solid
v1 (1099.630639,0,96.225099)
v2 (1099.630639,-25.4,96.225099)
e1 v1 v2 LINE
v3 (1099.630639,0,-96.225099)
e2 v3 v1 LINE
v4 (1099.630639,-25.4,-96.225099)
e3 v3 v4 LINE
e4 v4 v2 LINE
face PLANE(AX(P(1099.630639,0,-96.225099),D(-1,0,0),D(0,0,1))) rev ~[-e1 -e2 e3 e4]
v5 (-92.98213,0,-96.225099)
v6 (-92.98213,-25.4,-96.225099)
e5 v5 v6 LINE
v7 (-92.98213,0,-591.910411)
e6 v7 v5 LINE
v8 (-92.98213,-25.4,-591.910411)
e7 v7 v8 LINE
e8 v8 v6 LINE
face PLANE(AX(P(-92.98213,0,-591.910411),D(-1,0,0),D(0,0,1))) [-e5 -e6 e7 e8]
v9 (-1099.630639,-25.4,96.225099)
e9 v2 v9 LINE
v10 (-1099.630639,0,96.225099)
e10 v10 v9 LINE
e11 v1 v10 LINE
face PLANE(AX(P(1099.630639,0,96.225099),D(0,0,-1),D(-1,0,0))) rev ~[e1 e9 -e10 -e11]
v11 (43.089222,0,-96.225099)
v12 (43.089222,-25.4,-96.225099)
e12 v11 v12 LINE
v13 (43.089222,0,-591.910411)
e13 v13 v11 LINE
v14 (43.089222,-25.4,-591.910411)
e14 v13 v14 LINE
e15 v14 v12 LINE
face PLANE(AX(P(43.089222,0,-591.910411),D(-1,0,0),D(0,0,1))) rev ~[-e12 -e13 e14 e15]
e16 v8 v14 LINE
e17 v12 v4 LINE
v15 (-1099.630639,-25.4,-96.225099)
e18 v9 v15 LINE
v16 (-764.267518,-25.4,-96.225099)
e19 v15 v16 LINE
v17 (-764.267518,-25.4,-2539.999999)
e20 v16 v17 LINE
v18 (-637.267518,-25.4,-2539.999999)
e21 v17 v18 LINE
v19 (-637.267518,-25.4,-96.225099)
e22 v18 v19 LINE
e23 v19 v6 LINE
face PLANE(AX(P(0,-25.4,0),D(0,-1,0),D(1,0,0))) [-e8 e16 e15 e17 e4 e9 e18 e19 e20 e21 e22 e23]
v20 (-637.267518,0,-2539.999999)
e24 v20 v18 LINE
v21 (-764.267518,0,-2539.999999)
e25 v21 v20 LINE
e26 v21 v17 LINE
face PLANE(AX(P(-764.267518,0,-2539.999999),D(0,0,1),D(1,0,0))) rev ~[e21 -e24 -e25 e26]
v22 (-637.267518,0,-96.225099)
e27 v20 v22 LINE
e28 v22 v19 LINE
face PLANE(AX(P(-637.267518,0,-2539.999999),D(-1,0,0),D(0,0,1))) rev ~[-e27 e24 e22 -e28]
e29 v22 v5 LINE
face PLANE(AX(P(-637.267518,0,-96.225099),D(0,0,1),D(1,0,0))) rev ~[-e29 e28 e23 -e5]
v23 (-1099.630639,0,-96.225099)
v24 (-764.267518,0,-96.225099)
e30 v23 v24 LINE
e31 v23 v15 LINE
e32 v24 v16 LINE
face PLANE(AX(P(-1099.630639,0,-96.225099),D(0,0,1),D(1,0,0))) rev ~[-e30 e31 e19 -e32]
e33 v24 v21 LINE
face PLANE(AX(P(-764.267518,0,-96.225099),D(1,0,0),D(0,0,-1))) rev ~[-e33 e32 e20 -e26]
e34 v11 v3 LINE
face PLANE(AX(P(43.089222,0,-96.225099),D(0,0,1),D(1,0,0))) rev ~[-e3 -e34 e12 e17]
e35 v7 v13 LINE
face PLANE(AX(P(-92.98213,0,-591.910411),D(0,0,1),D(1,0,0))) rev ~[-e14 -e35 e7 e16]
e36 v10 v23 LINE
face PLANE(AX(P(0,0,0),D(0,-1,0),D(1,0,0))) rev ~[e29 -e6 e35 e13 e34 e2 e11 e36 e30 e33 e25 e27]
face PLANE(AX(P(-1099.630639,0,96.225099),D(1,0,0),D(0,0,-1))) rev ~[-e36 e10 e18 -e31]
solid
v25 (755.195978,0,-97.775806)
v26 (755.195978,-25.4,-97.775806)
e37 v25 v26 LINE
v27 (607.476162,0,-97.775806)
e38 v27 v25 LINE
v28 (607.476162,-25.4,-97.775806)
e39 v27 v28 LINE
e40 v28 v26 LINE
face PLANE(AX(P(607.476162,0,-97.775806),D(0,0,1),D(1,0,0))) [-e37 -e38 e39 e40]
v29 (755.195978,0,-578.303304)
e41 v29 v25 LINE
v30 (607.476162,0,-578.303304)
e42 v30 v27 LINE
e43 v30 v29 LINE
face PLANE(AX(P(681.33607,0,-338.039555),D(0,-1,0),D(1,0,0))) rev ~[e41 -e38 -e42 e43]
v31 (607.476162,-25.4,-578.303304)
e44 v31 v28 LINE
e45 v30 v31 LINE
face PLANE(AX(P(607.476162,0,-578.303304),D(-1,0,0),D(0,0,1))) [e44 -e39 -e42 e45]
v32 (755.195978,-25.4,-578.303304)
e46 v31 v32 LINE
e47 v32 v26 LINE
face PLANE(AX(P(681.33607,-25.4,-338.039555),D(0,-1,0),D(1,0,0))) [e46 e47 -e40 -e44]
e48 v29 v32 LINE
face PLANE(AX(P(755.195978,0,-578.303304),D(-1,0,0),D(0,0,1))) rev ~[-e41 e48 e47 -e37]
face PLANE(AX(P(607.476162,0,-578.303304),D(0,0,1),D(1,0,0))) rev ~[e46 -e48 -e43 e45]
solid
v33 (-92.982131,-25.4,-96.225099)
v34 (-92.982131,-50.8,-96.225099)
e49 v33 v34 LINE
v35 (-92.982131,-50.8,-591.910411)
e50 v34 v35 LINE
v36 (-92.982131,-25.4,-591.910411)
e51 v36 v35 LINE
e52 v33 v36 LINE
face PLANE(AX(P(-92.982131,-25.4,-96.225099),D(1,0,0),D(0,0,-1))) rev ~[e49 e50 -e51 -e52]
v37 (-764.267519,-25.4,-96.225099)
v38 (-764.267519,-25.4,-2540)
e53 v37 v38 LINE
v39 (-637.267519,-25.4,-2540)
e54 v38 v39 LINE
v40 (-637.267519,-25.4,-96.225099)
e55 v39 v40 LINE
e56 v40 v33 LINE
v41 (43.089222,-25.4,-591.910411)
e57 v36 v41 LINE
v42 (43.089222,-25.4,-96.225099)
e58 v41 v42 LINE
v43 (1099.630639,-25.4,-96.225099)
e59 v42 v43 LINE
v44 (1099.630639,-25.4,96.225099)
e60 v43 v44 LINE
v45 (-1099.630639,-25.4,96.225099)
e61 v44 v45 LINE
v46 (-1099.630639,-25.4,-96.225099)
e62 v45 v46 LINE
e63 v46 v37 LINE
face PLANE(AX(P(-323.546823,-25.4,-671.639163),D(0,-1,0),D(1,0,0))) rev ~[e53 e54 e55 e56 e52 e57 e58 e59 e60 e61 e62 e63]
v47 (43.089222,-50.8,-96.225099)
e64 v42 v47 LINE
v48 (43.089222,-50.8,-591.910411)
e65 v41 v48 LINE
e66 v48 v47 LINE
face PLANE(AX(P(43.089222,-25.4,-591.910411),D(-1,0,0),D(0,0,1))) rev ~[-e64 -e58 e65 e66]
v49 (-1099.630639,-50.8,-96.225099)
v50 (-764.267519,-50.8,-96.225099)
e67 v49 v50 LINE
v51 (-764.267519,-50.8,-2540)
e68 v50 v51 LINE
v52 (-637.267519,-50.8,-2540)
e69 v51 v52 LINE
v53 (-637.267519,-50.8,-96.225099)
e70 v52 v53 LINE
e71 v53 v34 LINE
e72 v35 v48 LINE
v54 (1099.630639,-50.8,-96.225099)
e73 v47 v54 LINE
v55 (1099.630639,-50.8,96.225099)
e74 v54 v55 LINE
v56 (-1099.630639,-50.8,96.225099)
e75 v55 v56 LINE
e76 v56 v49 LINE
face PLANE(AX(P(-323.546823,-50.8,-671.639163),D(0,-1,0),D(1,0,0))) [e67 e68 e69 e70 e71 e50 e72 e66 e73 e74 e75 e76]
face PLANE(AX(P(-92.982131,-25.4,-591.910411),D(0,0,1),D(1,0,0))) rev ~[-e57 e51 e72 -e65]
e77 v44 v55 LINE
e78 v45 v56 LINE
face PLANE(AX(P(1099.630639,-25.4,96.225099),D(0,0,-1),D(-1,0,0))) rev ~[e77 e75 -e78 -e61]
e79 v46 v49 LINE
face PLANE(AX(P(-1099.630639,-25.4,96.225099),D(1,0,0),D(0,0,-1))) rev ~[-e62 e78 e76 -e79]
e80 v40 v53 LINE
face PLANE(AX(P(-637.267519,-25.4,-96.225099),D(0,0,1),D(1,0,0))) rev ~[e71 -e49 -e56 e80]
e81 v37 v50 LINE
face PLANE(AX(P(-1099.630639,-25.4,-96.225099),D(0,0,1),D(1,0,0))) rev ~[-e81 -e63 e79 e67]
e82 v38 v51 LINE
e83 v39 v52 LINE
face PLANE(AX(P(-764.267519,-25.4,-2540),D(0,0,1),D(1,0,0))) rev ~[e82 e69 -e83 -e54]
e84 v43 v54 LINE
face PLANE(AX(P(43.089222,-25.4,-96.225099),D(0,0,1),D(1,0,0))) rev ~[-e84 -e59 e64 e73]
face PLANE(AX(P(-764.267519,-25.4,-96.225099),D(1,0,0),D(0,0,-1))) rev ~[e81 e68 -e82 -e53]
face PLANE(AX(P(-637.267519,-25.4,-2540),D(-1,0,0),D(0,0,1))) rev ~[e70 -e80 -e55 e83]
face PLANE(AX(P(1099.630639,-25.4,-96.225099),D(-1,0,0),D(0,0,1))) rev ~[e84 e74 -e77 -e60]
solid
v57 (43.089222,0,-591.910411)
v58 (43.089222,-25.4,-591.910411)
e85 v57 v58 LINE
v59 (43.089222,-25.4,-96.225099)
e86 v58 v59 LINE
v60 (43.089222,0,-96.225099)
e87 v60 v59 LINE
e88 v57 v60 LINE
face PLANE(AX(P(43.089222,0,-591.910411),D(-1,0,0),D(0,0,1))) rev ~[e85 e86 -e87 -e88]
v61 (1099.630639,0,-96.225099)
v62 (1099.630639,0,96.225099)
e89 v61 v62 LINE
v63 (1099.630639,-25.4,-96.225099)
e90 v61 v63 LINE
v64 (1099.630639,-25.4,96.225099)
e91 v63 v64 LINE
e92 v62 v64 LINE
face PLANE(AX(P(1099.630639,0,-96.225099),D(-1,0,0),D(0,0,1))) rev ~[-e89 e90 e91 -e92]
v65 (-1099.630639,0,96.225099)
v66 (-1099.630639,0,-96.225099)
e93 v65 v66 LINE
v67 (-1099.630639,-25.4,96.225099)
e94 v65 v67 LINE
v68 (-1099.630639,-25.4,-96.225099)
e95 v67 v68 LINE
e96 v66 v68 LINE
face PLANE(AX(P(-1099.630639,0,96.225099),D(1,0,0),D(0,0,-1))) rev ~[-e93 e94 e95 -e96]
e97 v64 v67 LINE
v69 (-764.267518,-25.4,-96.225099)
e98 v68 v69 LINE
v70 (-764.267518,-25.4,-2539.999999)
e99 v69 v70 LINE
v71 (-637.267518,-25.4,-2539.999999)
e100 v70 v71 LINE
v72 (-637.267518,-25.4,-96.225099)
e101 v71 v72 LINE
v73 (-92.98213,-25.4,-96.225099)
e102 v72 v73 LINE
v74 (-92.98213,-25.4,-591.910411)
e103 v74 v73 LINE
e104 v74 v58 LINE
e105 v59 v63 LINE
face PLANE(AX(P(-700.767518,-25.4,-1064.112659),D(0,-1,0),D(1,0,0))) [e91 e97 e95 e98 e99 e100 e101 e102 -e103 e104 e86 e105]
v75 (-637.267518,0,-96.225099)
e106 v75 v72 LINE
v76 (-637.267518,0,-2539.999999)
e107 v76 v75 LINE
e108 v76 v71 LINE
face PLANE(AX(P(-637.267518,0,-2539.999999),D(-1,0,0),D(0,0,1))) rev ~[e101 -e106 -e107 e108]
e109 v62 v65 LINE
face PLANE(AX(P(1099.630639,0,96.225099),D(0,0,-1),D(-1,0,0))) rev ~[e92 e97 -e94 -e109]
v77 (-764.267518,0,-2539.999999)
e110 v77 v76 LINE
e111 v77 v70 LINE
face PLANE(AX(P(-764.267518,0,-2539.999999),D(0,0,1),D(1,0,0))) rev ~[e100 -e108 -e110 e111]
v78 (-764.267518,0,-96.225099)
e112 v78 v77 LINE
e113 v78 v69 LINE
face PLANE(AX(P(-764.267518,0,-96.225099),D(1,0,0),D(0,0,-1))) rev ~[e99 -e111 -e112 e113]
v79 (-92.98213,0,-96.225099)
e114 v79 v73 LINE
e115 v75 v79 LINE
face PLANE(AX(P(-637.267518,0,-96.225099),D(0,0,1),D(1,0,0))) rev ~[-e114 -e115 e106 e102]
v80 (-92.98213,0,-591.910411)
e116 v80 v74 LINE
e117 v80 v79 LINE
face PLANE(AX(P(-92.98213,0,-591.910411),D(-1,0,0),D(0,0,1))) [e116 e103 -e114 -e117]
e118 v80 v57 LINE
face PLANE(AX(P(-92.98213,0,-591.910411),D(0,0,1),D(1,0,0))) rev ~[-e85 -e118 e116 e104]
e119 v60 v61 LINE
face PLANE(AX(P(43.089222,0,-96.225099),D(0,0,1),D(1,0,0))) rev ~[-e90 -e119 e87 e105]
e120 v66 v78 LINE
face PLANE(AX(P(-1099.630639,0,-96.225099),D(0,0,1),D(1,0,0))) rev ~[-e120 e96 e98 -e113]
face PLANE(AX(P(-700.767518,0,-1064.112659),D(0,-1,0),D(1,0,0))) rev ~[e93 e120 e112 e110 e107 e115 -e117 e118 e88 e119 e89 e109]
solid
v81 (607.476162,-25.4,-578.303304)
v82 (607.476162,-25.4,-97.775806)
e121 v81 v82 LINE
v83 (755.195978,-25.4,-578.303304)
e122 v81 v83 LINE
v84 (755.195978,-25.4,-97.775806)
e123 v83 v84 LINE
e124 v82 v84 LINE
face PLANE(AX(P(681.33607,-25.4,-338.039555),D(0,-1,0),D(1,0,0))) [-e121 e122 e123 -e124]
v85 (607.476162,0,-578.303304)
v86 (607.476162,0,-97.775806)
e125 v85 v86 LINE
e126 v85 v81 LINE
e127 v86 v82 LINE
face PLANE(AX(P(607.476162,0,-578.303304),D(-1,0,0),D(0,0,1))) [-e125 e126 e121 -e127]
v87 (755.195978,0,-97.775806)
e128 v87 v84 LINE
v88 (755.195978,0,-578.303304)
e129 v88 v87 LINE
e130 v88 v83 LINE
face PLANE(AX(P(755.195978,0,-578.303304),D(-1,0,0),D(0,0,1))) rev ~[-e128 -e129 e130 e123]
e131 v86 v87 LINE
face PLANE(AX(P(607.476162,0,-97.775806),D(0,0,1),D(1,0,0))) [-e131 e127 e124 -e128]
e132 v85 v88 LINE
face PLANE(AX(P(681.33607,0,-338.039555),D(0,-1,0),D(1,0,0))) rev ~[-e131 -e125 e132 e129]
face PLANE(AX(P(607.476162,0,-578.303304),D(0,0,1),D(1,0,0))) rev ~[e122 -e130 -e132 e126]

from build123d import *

# Parameters (mm, degrees)
F0_W     = 127
F0_H     = 1935.77512
F0_H_2   = 507.999781
F0_W_2   = 136.071353
F0_H_3   = 495.685312
F0_W_3   = 147.719816
F0_H_4   = 480.527499
F1_DEPTH = 25.4
F2_DEPTH = 25.4
F3_DEPTH = 25.4


with BuildPart() as f1:
    # F0 (on Front) → F1 (new body)
    with BuildSketch(Plane.XZ):
        with Locations((-700.767518, -1064.112659)):
            Rectangle(F0_W, F0_H)
        with Locations((-700.767518, -2286.000109)):
            Rectangle(F0_W, F0_H_2)
        with Locations((-24.946454, -344.067755)):
            Rectangle(F0_W_2, F0_H_3)
        with Locations((681.33607, -338.039555)):
            Rectangle(F0_W_3, F0_H_4)
        Polygon((1099.630639, 96.225099), (-1099.630639, 96.225099), (-1099.630639, -96.225099), (-764.267518, -96.225099), (-637.267518, -96.225099), (-92.982131, -96.225099), (43.089222, -96.225099), (1099.630639, -96.225099), align=None)
    extrude(amount=F1_DEPTH)


with BuildPart() as f2:
    # F0 (on Front) → F2 (new body)
    with BuildSketch(Plane.XZ):
        with Locations((681.33607, -338.039555)):
            Rectangle(F0_W_3, F0_H_4)
        Polygon((1099.630639, 96.225099), (-1099.630639, 96.225099), (-1099.630639, -96.225099), (-764.267518, -96.225099), (-637.267518, -96.225099), (-92.982131, -96.225099), (43.089222, -96.225099), (1099.630639, -96.225099), align=None)
        with Locations((-700.767518, -1064.112659)):
            Rectangle(F0_W, F0_H)
        with Locations((-24.946454, -344.067755)):
            Rectangle(F0_W_2, F0_H_3)
        with Locations((-700.767518, -2286.000109)):
            Rectangle(F0_W, F0_H_2)
    extrude(amount=F2_DEPTH)


with BuildPart() as f3:
    # F1_face (on face) → F3 (new body)
    with BuildSketch(Plane(origin=(-273.604254, -25.4, -539.656877), x_dir=(1, 0, 0), z_dir=(0, -1, 0))):
        Polygon((1373.234893, 635.881976), (-826.026385, 635.881976), (-826.026385, 443.431778), (-490.663265, 443.431778), (-490.663265, -2000.343123), (-363.663265, -2000.343123), (-363.663265, 443.431778), (180.622123, 443.431778), (180.622123, -52.253534), (316.693476, -52.253534), (316.693476, 443.431778), (1373.234893, 443.431778), align=None)
    extrude(amount=F3_DEPTH)


solid = Compound([f1.part, f2.part, f3.part])
